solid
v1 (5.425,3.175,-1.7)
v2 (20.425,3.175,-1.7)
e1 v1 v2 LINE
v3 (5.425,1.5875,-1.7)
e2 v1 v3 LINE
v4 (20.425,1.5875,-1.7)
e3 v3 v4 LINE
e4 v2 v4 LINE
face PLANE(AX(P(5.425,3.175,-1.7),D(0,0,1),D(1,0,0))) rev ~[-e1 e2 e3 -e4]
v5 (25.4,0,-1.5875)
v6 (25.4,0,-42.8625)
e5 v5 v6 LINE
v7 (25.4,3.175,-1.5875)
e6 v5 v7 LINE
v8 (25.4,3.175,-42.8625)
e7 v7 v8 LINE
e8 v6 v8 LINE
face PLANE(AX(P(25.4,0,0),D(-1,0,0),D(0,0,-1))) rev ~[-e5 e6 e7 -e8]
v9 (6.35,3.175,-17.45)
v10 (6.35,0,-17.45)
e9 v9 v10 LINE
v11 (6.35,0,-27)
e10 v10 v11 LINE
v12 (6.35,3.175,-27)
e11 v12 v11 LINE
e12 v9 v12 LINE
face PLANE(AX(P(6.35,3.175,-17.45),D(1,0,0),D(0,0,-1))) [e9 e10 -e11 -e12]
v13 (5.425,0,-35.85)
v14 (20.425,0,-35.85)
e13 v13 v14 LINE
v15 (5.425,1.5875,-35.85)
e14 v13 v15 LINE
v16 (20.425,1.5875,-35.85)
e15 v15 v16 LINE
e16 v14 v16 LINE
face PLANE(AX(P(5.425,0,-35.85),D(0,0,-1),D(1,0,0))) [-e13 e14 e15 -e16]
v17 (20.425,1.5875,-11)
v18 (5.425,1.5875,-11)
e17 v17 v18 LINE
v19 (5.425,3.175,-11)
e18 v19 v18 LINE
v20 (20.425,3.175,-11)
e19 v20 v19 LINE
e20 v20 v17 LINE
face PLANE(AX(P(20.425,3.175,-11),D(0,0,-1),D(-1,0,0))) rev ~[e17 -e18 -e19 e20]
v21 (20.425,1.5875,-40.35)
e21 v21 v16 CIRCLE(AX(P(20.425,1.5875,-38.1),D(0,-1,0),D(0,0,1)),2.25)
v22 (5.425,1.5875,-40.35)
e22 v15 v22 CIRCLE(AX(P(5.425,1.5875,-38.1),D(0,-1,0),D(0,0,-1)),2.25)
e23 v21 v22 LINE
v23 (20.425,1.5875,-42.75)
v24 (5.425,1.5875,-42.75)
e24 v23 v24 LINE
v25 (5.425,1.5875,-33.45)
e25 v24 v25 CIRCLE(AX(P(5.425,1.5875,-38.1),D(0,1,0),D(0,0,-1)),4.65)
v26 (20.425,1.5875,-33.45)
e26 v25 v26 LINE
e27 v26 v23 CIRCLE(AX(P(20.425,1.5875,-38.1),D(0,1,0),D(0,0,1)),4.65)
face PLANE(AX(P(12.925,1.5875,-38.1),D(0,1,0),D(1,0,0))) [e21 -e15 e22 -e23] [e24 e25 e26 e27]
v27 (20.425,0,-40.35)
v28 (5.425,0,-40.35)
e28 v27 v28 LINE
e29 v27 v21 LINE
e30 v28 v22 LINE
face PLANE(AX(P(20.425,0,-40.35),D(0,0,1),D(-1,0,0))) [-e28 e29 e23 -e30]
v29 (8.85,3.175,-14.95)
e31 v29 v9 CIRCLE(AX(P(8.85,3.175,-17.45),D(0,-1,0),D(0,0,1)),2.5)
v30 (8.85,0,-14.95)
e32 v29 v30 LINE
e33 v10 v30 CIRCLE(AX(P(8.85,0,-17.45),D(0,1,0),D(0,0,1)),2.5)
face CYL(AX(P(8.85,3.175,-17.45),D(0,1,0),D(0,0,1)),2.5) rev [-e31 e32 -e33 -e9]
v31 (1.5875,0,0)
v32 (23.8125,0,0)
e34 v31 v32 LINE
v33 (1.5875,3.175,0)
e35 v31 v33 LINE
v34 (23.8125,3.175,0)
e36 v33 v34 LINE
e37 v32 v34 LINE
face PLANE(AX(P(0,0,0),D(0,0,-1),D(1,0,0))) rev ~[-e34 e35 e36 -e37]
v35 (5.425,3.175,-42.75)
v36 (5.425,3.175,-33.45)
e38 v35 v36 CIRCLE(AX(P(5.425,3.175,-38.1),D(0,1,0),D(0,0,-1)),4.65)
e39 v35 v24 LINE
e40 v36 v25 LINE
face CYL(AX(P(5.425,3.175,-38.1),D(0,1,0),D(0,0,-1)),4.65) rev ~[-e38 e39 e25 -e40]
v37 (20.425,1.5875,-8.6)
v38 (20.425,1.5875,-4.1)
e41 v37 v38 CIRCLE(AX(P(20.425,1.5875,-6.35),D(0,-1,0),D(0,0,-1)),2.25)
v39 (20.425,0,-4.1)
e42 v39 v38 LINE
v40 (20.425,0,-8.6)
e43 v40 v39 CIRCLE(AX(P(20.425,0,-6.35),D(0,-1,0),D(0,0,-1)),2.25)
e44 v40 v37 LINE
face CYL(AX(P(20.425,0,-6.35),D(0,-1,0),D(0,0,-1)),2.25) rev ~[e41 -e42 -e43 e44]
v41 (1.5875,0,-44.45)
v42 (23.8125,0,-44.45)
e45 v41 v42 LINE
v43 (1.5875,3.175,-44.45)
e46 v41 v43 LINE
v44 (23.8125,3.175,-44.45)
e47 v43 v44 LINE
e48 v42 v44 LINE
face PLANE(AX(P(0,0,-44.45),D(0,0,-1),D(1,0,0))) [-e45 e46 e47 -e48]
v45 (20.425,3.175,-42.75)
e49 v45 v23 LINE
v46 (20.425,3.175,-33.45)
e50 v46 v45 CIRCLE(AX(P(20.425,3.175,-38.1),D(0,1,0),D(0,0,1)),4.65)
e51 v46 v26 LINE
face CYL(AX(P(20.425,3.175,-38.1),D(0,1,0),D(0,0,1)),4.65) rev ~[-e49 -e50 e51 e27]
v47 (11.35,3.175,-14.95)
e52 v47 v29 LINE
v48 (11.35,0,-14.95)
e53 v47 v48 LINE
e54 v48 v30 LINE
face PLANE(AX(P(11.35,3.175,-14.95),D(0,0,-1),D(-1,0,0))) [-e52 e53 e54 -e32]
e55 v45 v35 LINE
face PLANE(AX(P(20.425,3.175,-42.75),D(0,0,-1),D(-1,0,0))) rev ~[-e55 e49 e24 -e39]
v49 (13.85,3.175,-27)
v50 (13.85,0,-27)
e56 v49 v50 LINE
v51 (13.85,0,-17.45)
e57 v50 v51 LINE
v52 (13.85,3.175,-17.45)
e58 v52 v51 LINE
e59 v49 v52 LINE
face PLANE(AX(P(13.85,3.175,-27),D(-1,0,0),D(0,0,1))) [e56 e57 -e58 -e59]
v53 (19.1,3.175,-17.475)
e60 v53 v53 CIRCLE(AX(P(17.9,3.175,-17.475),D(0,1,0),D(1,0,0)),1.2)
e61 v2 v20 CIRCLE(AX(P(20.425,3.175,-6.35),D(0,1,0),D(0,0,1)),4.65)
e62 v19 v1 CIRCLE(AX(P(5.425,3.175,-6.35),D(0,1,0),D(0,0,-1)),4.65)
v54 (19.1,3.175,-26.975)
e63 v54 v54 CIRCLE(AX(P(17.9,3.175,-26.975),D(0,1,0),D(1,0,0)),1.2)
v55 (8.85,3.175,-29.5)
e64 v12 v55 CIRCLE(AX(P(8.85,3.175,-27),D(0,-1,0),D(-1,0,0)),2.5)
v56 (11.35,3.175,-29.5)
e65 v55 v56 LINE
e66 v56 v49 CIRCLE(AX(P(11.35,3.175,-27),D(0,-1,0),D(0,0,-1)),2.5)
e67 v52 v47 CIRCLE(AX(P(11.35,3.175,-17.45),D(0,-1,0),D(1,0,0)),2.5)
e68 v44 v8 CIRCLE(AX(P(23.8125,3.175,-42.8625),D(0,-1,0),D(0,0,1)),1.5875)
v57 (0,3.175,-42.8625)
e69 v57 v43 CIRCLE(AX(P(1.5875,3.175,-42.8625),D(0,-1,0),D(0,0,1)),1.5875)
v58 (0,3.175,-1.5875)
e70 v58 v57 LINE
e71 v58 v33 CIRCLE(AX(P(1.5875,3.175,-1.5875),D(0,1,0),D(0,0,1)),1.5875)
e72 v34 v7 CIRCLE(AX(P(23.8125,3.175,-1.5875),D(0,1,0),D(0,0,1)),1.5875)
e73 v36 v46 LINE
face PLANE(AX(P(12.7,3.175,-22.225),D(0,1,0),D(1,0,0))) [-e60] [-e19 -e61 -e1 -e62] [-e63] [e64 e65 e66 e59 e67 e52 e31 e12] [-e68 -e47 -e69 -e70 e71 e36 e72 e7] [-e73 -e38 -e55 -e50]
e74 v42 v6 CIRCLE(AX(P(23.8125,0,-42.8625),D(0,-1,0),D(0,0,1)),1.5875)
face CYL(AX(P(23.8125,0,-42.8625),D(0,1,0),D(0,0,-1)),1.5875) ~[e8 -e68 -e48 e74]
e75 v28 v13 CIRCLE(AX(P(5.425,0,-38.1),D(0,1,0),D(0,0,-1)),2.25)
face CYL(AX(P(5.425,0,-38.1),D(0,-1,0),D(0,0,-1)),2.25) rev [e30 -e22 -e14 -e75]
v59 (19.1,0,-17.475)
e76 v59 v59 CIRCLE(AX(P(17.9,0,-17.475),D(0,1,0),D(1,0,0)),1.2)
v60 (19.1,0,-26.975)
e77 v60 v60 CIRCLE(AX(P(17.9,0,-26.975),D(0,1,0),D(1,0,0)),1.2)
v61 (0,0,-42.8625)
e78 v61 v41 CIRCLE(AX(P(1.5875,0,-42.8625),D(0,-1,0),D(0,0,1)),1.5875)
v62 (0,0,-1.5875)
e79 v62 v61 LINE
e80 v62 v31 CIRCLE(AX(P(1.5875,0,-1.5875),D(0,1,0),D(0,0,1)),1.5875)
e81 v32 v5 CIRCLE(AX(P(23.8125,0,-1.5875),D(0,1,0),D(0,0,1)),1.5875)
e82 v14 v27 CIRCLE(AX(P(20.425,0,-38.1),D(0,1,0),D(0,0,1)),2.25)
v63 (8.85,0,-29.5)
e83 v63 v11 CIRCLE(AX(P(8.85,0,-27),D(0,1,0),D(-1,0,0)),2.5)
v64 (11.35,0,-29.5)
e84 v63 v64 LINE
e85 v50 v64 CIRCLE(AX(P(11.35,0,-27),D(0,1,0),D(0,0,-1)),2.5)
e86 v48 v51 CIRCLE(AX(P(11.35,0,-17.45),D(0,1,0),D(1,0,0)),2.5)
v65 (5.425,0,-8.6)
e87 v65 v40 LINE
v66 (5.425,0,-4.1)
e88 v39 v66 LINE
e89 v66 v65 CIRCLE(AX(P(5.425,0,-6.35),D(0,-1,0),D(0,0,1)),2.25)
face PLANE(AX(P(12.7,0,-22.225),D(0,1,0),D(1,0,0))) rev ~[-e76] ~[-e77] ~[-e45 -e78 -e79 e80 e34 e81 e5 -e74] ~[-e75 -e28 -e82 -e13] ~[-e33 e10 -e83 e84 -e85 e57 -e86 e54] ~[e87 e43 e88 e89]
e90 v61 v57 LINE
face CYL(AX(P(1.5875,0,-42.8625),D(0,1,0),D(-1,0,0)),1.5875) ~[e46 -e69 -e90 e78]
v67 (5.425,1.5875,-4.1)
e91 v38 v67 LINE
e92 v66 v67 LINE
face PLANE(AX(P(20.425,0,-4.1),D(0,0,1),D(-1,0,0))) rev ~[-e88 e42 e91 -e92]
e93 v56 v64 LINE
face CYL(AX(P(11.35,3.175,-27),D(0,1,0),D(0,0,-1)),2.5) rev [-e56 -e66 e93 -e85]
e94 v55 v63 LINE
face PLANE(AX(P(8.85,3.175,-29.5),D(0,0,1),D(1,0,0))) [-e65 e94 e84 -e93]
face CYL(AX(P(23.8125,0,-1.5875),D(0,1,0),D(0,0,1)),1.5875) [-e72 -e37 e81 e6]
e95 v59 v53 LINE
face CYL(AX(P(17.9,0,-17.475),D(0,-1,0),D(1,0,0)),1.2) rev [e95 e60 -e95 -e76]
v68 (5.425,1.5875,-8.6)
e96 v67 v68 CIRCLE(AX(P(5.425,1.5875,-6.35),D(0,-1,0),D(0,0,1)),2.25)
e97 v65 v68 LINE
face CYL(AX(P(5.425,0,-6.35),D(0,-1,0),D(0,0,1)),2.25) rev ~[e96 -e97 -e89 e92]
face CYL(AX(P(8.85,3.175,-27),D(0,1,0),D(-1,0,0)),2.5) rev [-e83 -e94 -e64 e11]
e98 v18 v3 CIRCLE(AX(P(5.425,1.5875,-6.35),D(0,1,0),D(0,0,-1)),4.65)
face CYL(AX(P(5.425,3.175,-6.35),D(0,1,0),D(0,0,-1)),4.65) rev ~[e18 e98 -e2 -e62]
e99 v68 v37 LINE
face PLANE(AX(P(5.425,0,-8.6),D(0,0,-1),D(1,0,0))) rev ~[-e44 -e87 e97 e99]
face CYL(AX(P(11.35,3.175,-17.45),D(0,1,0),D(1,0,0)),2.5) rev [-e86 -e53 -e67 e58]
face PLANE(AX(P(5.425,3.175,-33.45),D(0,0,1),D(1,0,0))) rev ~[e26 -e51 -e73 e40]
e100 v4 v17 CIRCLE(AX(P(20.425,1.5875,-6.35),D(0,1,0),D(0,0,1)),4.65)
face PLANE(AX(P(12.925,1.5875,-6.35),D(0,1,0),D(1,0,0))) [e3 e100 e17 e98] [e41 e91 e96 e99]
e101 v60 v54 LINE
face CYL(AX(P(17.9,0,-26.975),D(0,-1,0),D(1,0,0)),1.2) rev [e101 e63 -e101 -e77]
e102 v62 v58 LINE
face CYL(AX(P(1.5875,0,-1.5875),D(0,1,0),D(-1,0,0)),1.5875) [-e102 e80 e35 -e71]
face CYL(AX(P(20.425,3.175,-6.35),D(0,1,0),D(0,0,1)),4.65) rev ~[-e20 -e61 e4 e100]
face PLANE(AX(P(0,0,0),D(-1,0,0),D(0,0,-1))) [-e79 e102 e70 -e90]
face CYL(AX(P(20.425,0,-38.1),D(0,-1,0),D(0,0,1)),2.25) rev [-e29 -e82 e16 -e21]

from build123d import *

# Parameters (mm, degrees)
SKETCH1_W           = 25.4
SKETCH1_H           = 44.45
SKETCH1_R           = 1.2
BOSS_EXTRUDE1_DEPTH = 3.175
CUT_EXTRUDE1_DEPTH  = 4.175
FILLET1_R           = 1.5875
CUT_EXTRUDE2_DEPTH  = 1.5875


with BuildPart() as part:
    # Sketch1 → Boss-Extrude1 (new body)
    with BuildSketch(Plane(origin=(0, 0, 0), x_dir=(1, 0, 0), z_dir=(0, 1, 0))):
        with Locations((12.7, 22.225)):
            Rectangle(SKETCH1_W, SKETCH1_H)
        with Locations((17.9, 17.475)):
            Circle(SKETCH1_R, mode=Mode.SUBTRACT)
        with Locations((17.9, 26.975)):
            Circle(SKETCH1_R, mode=Mode.SUBTRACT)
        with BuildLine():
            Line((5.425, 8.6), (20.425, 8.6))
            ThreePointArc((20.425, 8.6), (22.675, 6.35), (20.425, 4.1))
            Line((20.425, 4.1), (5.425, 4.1))
            ThreePointArc((5.425, 4.1), (3.175, 6.35), (5.425, 8.6))
        make_face(mode=Mode.SUBTRACT)
        with BuildLine():
            Line((5.425, 35.85), (20.425, 35.85))
            ThreePointArc((20.425, 35.85), (22.675, 38.1), (20.425, 40.35))
            Line((20.425, 40.35), (5.425, 40.35))
            ThreePointArc((5.425, 40.35), (3.175, 38.1), (5.425, 35.85))
        make_face(mode=Mode.SUBTRACT)
    extrude(amount=BOSS_EXTRUDE1_DEPTH)

    # Sketch2 → Cut-Extrude1 (cut, through all)
    with BuildSketch(Plane(origin=(0, 3.175, 0), x_dir=(1, 0, 0), z_dir=(0, 1, 0))):
        with BuildLine():
            Line((11.35, 14.95), (8.85, 14.95))
            ThreePointArc((8.85, 14.95), (7.082233047, 15.682233047), (6.35, 17.45))
            Line((6.35, 17.45), (6.35, 27))
            ThreePointArc((6.35, 27), (7.082233047, 28.767766953), (8.85, 29.5))
            Line((8.85, 29.5), (11.35, 29.5))
            ThreePointArc((11.35, 29.5), (13.117766953, 28.767766953), (13.85, 27))
            Line((13.85, 27), (13.85, 17.45))
            ThreePointArc((13.85, 17.45), (13.117766953, 15.682233047), (11.35, 14.95))
        make_face()
    extrude(amount=-CUT_EXTRUDE1_DEPTH, mode=Mode.SUBTRACT)

    # Fillet1
    fillet1_edges = [part.edges().sort_by_distance(p)[0] for p in [
        (0, 1.5875, -44.45),
        (25.4, 1.5875, -44.45),
        (25.4, 1.5875, 0),
        (0, 1.5875, 0),
    ]]
    fillet(fillet1_edges, radius=FILLET1_R)

    # Sketch3 → Cut-Extrude2 (cut)
    with BuildSketch(Plane(origin=(0, 3.175, 0), x_dir=(1, 0, 0), z_dir=(0, 1, 0))):
        with BuildLine():
            Line((5.425, 33.45), (20.425, 33.45))
            ThreePointArc((20.425, 33.45), (25.075, 38.1), (20.425, 42.75))
            Line((20.425, 42.75), (5.425, 42.75))
            ThreePointArc((5.425, 42.75), (0.775, 38.1), (5.425, 33.45))
        make_face()
        with BuildLine():
            Line((5.425, 1.7), (20.425, 1.7))
            ThreePointArc((20.425, 1.7), (25.075, 6.35), (20.425, 11))
            Line((20.425, 11), (5.425, 11))
            ThreePointArc((5.425, 11), (0.775, 6.35), (5.425, 1.7))
        make_face()
    extrude(amount=-CUT_EXTRUDE2_DEPTH, mode=Mode.SUBTRACT)


solid = part.part
